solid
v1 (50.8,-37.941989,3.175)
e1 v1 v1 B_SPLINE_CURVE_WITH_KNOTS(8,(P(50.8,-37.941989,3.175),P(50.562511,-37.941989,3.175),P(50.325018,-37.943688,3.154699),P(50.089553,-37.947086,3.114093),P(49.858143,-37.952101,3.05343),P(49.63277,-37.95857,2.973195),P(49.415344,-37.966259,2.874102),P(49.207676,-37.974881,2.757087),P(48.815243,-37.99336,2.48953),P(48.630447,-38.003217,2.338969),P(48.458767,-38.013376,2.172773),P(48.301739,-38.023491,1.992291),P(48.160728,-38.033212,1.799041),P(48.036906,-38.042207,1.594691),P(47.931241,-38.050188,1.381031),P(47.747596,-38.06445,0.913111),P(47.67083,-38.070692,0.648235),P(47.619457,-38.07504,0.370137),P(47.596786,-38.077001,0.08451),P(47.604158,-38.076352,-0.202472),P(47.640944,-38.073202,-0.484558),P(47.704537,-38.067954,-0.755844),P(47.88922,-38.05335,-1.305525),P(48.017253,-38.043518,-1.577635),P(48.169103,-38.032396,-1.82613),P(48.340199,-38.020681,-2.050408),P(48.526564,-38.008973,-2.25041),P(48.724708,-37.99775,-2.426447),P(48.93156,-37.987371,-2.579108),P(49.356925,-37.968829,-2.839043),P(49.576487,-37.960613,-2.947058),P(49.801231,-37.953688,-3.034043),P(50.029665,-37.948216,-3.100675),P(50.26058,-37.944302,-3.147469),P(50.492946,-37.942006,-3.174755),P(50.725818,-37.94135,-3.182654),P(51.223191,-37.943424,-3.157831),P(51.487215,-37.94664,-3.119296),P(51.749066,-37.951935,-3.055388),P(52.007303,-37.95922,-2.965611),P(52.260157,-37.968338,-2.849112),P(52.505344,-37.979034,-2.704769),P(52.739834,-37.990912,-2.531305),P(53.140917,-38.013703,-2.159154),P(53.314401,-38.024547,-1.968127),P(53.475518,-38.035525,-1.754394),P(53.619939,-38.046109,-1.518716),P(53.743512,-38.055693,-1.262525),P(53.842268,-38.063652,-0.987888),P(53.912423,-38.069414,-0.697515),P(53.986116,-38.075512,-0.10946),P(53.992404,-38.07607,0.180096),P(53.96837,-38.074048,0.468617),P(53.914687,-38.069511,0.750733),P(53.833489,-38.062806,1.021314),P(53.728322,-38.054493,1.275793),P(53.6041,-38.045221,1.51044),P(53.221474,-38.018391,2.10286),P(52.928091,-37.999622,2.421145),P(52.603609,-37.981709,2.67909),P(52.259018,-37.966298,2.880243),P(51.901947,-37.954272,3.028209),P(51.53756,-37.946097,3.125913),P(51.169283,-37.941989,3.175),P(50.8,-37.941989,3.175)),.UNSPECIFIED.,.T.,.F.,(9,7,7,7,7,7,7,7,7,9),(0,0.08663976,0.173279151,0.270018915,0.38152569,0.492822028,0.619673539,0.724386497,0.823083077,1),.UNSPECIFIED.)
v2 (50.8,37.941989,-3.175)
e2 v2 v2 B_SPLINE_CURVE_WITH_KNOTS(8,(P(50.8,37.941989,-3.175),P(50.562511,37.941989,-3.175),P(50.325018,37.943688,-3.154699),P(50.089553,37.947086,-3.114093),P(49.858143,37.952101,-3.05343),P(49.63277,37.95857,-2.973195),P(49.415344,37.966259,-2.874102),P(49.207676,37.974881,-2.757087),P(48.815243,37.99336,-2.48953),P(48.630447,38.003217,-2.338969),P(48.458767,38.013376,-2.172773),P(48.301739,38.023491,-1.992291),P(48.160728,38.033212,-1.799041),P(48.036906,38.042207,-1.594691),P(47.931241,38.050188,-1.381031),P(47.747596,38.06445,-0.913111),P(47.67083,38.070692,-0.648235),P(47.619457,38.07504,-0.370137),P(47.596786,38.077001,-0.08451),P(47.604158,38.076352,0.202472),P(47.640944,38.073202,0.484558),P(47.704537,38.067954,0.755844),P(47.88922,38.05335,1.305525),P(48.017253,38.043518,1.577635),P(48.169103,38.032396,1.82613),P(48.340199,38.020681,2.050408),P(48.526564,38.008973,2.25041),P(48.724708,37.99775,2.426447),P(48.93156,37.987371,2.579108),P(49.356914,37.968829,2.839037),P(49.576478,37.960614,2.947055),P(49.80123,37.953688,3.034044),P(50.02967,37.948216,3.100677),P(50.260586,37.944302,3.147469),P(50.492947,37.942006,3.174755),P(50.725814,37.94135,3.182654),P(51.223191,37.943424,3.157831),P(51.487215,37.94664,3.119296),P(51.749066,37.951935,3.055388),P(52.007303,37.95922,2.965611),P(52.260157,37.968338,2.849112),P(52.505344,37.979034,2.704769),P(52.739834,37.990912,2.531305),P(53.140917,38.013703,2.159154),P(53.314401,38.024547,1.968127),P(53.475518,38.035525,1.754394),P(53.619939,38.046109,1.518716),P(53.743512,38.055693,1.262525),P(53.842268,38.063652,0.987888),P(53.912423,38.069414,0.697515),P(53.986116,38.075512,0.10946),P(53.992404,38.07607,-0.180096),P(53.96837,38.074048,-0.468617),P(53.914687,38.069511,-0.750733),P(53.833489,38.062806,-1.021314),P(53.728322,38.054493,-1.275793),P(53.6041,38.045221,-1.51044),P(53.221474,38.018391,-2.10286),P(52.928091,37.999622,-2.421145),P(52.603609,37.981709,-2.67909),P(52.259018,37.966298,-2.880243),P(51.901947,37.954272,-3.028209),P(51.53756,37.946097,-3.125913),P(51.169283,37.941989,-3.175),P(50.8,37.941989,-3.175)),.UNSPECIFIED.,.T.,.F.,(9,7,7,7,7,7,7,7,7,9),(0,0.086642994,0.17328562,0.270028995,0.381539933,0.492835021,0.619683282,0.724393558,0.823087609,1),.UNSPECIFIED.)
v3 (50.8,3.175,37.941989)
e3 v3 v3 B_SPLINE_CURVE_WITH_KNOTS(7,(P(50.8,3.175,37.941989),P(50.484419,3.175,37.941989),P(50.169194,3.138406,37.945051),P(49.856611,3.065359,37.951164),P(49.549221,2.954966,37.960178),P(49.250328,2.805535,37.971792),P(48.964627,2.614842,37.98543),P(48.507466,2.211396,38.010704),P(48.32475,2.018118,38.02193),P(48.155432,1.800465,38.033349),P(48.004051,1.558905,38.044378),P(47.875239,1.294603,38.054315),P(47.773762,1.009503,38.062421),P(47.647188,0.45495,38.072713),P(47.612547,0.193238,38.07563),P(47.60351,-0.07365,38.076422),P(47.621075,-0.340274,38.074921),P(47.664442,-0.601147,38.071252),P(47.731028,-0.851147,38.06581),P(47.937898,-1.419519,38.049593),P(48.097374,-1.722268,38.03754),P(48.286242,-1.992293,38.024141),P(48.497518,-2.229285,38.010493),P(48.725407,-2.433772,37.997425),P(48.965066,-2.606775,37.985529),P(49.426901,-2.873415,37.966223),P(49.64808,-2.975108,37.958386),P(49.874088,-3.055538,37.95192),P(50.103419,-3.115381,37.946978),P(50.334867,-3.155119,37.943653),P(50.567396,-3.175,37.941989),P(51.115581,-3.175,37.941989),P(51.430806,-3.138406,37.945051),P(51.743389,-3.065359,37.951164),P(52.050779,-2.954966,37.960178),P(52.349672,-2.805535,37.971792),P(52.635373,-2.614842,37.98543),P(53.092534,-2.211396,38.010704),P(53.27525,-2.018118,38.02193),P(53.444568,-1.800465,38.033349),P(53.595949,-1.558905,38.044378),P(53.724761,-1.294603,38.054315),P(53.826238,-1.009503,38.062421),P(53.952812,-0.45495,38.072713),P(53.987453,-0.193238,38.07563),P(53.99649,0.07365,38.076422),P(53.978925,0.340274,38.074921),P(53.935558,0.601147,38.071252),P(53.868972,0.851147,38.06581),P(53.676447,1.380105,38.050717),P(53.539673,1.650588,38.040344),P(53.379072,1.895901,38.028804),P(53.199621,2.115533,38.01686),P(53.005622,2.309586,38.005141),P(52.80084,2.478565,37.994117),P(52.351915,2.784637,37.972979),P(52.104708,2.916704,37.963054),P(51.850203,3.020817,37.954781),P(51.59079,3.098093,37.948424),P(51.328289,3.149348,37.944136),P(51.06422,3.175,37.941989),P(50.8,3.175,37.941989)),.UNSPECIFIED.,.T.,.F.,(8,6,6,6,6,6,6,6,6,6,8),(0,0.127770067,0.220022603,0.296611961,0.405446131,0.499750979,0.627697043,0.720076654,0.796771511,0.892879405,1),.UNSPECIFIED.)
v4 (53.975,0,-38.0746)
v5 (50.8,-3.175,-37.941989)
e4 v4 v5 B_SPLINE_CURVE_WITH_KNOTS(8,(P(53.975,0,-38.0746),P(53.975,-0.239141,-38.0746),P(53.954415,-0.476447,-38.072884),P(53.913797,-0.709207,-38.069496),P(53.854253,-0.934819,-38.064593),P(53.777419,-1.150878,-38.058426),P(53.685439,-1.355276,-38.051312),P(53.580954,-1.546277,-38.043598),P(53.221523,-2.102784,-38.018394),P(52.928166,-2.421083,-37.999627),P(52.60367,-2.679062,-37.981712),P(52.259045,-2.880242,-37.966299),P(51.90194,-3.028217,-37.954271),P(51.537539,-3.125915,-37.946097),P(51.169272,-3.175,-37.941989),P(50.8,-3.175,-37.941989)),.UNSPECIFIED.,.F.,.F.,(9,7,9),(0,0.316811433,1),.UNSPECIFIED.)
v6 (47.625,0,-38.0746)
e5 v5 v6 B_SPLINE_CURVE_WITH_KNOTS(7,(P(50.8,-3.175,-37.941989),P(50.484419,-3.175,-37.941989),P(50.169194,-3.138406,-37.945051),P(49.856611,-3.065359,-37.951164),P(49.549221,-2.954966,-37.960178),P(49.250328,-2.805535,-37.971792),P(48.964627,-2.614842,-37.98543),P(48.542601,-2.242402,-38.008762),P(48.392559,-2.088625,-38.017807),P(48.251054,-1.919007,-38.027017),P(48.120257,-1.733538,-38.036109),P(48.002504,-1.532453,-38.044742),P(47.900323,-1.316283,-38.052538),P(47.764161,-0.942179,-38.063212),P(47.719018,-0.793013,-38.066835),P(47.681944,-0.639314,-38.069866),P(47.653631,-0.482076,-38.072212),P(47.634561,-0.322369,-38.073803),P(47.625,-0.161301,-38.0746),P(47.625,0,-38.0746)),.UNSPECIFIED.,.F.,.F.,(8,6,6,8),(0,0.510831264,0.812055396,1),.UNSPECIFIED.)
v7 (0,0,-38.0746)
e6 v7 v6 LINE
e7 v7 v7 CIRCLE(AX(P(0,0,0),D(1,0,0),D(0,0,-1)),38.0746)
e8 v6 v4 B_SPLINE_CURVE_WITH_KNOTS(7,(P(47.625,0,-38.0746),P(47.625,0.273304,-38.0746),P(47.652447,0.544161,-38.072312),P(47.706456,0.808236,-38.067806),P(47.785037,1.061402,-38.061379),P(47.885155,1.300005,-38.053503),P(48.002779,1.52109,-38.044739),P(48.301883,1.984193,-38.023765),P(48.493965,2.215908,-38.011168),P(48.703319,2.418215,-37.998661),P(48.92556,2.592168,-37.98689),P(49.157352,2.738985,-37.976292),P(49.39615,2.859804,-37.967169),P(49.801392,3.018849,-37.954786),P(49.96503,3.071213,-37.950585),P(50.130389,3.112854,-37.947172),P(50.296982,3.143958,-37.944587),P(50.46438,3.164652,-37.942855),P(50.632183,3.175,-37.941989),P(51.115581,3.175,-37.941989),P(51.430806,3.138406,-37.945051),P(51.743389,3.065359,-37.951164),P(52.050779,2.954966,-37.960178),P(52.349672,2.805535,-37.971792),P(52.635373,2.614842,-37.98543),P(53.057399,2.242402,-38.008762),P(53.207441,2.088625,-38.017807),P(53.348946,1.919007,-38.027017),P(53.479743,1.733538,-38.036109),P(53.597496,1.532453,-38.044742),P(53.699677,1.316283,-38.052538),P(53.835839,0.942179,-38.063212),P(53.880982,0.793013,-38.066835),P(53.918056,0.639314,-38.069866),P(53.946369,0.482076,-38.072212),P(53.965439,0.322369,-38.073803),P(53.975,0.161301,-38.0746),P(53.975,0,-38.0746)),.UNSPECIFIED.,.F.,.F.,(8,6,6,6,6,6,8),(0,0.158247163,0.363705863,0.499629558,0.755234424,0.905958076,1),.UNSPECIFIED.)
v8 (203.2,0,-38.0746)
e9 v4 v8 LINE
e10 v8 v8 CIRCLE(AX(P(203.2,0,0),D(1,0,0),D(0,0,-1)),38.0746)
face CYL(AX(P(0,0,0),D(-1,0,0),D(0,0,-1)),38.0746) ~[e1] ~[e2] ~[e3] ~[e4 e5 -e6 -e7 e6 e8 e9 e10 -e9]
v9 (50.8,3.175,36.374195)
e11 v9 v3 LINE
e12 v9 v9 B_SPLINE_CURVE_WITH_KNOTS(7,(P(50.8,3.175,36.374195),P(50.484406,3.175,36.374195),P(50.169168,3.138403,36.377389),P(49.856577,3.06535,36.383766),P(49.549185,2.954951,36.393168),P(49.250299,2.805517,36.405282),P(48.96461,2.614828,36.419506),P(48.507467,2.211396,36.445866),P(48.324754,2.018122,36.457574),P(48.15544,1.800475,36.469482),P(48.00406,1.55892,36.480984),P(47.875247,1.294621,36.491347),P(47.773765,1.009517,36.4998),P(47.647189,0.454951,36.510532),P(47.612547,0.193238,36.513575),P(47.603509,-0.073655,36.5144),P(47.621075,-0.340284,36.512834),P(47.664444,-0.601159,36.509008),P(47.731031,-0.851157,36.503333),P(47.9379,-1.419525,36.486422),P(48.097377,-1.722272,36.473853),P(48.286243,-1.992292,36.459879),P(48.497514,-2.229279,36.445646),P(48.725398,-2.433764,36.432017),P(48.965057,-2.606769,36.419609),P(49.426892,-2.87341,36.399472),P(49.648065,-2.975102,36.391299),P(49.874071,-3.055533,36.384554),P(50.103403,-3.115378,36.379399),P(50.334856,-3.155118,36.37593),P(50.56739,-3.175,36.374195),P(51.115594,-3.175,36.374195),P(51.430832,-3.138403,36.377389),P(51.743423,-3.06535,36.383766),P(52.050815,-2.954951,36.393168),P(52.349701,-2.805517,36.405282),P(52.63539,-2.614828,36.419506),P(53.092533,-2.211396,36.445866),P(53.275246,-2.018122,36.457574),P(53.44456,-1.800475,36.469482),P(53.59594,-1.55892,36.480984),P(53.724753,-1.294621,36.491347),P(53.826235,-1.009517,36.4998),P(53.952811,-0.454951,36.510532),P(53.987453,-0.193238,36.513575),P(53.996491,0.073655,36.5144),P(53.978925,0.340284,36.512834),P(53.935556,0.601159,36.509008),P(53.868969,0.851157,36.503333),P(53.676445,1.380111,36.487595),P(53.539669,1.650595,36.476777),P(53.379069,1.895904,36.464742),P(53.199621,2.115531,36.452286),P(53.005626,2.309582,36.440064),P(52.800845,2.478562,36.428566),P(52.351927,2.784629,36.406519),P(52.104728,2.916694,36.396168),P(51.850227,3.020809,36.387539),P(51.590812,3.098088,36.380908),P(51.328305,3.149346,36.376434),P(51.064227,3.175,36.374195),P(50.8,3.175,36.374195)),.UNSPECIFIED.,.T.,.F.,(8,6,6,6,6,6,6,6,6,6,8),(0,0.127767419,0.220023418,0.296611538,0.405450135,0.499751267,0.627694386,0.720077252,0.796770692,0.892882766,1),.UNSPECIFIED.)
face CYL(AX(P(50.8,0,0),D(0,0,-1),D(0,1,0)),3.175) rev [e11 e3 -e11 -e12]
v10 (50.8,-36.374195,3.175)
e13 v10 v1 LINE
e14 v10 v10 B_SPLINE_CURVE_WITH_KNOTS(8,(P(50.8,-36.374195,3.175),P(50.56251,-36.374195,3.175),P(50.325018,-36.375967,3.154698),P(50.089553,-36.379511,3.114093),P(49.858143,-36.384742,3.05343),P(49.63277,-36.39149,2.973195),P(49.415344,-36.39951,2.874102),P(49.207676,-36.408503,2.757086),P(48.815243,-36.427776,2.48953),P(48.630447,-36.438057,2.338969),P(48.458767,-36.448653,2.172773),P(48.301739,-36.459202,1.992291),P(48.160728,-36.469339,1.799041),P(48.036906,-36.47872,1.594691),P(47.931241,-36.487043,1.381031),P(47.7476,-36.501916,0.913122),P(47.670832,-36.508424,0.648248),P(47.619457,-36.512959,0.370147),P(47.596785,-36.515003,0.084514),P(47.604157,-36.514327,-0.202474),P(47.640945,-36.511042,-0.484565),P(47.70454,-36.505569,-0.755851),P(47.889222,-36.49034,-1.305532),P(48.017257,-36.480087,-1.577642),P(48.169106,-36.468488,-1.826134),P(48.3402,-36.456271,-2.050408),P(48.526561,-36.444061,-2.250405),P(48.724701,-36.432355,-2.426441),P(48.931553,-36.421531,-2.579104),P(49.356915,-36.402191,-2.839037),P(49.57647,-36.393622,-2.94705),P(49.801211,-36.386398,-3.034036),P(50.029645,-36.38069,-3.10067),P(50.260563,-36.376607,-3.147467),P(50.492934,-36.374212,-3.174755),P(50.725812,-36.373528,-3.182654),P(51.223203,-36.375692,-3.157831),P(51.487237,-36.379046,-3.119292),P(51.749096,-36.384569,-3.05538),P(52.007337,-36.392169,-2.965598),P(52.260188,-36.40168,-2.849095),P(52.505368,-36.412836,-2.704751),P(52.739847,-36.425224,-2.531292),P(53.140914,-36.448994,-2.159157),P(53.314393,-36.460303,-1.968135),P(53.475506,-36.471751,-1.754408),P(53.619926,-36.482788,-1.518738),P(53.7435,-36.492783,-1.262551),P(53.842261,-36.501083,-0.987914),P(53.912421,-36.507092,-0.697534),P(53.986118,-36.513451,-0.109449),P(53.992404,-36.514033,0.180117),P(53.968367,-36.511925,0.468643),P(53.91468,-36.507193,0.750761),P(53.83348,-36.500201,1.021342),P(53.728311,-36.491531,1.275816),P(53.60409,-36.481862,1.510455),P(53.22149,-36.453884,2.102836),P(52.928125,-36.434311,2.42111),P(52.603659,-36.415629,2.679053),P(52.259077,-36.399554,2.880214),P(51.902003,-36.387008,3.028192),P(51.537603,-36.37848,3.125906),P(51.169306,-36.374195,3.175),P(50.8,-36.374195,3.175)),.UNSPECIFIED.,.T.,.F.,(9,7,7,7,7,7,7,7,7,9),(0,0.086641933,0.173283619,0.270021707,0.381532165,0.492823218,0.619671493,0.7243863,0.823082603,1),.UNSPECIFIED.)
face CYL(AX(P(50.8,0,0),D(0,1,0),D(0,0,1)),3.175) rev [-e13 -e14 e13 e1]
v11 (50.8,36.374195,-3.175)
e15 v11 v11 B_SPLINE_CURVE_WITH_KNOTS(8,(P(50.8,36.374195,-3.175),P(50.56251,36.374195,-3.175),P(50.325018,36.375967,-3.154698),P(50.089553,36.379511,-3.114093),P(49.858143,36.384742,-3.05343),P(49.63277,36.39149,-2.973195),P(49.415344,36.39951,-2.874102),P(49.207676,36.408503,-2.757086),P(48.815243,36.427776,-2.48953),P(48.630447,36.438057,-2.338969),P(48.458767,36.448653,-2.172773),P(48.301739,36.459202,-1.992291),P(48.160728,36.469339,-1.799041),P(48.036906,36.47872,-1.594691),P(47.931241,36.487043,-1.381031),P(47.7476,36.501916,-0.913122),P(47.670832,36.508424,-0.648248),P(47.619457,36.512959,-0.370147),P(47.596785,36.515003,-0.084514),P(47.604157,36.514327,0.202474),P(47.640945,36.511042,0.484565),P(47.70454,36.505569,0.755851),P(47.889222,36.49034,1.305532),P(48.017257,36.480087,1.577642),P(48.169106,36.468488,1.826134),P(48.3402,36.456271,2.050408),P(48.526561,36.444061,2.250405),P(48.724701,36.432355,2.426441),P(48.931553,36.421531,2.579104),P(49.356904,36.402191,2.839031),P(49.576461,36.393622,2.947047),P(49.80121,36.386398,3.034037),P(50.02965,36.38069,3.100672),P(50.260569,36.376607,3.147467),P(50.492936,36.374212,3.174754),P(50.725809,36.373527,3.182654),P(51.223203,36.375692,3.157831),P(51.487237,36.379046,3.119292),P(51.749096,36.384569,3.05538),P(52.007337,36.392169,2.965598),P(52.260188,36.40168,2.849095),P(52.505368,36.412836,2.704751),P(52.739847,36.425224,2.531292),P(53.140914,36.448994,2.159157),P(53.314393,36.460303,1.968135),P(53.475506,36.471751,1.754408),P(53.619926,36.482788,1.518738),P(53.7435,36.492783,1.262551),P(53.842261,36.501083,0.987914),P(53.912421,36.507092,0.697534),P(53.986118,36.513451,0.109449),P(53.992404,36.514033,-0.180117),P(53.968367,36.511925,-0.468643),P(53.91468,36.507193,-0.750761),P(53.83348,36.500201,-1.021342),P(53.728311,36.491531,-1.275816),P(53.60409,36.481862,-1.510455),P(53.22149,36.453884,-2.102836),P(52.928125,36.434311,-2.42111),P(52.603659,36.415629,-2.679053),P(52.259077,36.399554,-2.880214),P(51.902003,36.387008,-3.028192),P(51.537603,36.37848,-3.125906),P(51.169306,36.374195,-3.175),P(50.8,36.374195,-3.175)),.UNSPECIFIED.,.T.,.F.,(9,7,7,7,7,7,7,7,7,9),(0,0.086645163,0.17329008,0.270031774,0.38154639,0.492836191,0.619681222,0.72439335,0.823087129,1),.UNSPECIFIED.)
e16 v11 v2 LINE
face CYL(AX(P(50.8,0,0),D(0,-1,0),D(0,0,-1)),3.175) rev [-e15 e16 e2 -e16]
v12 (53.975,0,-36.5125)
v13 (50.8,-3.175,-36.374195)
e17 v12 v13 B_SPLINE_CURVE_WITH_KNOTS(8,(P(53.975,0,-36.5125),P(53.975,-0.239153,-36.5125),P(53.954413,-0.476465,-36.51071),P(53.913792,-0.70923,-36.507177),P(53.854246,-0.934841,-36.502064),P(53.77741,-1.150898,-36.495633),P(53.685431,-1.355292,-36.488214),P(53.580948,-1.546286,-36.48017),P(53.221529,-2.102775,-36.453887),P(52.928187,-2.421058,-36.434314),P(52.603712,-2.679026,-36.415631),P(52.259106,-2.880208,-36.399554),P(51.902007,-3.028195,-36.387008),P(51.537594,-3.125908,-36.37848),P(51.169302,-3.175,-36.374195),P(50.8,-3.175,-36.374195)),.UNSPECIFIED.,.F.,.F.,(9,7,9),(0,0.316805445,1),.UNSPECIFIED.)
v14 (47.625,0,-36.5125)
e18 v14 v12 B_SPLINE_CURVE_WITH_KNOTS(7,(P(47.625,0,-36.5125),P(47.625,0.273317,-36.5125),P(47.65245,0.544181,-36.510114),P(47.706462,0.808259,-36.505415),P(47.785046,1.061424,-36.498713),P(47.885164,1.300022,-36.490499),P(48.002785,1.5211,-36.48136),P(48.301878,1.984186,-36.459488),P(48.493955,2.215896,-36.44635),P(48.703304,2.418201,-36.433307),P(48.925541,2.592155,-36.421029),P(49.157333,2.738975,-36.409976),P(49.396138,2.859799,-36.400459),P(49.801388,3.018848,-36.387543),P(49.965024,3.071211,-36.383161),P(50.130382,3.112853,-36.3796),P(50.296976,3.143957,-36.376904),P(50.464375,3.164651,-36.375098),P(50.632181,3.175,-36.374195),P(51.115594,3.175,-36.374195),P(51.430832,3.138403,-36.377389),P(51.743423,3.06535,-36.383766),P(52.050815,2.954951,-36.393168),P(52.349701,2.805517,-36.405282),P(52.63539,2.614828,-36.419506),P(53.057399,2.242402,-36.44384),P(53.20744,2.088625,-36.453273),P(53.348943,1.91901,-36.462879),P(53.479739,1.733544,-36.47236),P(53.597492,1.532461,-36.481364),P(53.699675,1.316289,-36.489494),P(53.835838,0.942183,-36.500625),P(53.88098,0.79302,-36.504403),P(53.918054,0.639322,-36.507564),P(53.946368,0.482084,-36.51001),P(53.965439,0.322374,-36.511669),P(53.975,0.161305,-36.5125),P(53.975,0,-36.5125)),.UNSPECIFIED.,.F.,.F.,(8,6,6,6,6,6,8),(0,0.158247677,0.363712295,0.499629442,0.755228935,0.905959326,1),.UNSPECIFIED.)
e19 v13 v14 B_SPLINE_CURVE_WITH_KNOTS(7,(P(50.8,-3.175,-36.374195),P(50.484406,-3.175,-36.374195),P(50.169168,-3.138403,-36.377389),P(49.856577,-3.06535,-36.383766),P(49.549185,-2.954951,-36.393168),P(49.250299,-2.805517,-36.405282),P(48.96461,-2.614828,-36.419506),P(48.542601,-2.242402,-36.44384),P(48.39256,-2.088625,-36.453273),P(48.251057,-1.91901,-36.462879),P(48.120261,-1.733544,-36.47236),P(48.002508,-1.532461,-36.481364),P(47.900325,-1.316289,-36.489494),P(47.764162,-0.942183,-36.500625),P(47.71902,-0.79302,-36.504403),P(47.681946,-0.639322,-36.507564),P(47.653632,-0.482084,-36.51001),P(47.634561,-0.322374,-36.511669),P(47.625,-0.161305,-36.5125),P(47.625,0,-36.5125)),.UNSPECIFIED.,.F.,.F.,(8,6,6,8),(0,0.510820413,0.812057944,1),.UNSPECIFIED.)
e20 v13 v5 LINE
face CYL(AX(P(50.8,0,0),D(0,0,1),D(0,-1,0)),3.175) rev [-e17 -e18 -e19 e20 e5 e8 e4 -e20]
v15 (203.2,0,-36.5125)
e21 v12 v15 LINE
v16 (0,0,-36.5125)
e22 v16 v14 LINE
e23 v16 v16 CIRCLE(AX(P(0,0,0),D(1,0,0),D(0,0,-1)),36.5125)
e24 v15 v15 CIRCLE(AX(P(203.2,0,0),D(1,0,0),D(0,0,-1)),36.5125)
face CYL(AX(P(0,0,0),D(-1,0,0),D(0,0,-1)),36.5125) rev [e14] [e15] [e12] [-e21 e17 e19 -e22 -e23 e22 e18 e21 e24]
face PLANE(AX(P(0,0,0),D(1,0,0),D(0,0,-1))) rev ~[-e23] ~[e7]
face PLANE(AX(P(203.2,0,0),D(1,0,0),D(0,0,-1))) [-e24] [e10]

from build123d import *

# Parameters (mm, degrees)
SKETCH1_R           = 38.0746
SKETCH1_R_2         = 36.5125
BOSS_EXTRUDE1_DEPTH = 203.2
SKETCH3_R           = 3.175
CUT_EXTRUDE1_DEPTH  = 211.213202084
CIRPATTERN1_COUNT   = 4


with BuildPart() as part:
    # Sketch1 → Boss-Extrude1 (new body)
    with BuildSketch(Plane.YZ):
        with Locations(Location((0, 0, 0), (0, 0, 270))):
            Circle(SKETCH1_R)
        with Locations(Location((0, 0, 0), (0, 0, 270))):
            Circle(SKETCH1_R_2, mode=Mode.SUBTRACT)
    extrude(amount=BOSS_EXTRUDE1_DEPTH)

    # Sketch3 → Cut-Extrude1 (cut, through all)
    with BuildSketch(Plane(origin=(0, 0, 0), x_dir=(-1, 0, 0), z_dir=(0, 1, 0))):
        with Locations(Location((-50.8, 0, 0), (0, 0, 270))):
            Circle(SKETCH3_R)
    cut_extrude1 = extrude(amount=CUT_EXTRUDE1_DEPTH, mode=Mode.SUBTRACT)

    # CirPattern1: Cut-Extrude1 ×4 about axis
    cirpattern1_axis = Axis((203.2, 0, 0), (-1, 0, 0))
    for i in range(1, CIRPATTERN1_COUNT):
        add(cut_extrude1.rotate(cirpattern1_axis, i * 360 / CIRPATTERN1_COUNT), mode=Mode.SUBTRACT)


solid = part.part
